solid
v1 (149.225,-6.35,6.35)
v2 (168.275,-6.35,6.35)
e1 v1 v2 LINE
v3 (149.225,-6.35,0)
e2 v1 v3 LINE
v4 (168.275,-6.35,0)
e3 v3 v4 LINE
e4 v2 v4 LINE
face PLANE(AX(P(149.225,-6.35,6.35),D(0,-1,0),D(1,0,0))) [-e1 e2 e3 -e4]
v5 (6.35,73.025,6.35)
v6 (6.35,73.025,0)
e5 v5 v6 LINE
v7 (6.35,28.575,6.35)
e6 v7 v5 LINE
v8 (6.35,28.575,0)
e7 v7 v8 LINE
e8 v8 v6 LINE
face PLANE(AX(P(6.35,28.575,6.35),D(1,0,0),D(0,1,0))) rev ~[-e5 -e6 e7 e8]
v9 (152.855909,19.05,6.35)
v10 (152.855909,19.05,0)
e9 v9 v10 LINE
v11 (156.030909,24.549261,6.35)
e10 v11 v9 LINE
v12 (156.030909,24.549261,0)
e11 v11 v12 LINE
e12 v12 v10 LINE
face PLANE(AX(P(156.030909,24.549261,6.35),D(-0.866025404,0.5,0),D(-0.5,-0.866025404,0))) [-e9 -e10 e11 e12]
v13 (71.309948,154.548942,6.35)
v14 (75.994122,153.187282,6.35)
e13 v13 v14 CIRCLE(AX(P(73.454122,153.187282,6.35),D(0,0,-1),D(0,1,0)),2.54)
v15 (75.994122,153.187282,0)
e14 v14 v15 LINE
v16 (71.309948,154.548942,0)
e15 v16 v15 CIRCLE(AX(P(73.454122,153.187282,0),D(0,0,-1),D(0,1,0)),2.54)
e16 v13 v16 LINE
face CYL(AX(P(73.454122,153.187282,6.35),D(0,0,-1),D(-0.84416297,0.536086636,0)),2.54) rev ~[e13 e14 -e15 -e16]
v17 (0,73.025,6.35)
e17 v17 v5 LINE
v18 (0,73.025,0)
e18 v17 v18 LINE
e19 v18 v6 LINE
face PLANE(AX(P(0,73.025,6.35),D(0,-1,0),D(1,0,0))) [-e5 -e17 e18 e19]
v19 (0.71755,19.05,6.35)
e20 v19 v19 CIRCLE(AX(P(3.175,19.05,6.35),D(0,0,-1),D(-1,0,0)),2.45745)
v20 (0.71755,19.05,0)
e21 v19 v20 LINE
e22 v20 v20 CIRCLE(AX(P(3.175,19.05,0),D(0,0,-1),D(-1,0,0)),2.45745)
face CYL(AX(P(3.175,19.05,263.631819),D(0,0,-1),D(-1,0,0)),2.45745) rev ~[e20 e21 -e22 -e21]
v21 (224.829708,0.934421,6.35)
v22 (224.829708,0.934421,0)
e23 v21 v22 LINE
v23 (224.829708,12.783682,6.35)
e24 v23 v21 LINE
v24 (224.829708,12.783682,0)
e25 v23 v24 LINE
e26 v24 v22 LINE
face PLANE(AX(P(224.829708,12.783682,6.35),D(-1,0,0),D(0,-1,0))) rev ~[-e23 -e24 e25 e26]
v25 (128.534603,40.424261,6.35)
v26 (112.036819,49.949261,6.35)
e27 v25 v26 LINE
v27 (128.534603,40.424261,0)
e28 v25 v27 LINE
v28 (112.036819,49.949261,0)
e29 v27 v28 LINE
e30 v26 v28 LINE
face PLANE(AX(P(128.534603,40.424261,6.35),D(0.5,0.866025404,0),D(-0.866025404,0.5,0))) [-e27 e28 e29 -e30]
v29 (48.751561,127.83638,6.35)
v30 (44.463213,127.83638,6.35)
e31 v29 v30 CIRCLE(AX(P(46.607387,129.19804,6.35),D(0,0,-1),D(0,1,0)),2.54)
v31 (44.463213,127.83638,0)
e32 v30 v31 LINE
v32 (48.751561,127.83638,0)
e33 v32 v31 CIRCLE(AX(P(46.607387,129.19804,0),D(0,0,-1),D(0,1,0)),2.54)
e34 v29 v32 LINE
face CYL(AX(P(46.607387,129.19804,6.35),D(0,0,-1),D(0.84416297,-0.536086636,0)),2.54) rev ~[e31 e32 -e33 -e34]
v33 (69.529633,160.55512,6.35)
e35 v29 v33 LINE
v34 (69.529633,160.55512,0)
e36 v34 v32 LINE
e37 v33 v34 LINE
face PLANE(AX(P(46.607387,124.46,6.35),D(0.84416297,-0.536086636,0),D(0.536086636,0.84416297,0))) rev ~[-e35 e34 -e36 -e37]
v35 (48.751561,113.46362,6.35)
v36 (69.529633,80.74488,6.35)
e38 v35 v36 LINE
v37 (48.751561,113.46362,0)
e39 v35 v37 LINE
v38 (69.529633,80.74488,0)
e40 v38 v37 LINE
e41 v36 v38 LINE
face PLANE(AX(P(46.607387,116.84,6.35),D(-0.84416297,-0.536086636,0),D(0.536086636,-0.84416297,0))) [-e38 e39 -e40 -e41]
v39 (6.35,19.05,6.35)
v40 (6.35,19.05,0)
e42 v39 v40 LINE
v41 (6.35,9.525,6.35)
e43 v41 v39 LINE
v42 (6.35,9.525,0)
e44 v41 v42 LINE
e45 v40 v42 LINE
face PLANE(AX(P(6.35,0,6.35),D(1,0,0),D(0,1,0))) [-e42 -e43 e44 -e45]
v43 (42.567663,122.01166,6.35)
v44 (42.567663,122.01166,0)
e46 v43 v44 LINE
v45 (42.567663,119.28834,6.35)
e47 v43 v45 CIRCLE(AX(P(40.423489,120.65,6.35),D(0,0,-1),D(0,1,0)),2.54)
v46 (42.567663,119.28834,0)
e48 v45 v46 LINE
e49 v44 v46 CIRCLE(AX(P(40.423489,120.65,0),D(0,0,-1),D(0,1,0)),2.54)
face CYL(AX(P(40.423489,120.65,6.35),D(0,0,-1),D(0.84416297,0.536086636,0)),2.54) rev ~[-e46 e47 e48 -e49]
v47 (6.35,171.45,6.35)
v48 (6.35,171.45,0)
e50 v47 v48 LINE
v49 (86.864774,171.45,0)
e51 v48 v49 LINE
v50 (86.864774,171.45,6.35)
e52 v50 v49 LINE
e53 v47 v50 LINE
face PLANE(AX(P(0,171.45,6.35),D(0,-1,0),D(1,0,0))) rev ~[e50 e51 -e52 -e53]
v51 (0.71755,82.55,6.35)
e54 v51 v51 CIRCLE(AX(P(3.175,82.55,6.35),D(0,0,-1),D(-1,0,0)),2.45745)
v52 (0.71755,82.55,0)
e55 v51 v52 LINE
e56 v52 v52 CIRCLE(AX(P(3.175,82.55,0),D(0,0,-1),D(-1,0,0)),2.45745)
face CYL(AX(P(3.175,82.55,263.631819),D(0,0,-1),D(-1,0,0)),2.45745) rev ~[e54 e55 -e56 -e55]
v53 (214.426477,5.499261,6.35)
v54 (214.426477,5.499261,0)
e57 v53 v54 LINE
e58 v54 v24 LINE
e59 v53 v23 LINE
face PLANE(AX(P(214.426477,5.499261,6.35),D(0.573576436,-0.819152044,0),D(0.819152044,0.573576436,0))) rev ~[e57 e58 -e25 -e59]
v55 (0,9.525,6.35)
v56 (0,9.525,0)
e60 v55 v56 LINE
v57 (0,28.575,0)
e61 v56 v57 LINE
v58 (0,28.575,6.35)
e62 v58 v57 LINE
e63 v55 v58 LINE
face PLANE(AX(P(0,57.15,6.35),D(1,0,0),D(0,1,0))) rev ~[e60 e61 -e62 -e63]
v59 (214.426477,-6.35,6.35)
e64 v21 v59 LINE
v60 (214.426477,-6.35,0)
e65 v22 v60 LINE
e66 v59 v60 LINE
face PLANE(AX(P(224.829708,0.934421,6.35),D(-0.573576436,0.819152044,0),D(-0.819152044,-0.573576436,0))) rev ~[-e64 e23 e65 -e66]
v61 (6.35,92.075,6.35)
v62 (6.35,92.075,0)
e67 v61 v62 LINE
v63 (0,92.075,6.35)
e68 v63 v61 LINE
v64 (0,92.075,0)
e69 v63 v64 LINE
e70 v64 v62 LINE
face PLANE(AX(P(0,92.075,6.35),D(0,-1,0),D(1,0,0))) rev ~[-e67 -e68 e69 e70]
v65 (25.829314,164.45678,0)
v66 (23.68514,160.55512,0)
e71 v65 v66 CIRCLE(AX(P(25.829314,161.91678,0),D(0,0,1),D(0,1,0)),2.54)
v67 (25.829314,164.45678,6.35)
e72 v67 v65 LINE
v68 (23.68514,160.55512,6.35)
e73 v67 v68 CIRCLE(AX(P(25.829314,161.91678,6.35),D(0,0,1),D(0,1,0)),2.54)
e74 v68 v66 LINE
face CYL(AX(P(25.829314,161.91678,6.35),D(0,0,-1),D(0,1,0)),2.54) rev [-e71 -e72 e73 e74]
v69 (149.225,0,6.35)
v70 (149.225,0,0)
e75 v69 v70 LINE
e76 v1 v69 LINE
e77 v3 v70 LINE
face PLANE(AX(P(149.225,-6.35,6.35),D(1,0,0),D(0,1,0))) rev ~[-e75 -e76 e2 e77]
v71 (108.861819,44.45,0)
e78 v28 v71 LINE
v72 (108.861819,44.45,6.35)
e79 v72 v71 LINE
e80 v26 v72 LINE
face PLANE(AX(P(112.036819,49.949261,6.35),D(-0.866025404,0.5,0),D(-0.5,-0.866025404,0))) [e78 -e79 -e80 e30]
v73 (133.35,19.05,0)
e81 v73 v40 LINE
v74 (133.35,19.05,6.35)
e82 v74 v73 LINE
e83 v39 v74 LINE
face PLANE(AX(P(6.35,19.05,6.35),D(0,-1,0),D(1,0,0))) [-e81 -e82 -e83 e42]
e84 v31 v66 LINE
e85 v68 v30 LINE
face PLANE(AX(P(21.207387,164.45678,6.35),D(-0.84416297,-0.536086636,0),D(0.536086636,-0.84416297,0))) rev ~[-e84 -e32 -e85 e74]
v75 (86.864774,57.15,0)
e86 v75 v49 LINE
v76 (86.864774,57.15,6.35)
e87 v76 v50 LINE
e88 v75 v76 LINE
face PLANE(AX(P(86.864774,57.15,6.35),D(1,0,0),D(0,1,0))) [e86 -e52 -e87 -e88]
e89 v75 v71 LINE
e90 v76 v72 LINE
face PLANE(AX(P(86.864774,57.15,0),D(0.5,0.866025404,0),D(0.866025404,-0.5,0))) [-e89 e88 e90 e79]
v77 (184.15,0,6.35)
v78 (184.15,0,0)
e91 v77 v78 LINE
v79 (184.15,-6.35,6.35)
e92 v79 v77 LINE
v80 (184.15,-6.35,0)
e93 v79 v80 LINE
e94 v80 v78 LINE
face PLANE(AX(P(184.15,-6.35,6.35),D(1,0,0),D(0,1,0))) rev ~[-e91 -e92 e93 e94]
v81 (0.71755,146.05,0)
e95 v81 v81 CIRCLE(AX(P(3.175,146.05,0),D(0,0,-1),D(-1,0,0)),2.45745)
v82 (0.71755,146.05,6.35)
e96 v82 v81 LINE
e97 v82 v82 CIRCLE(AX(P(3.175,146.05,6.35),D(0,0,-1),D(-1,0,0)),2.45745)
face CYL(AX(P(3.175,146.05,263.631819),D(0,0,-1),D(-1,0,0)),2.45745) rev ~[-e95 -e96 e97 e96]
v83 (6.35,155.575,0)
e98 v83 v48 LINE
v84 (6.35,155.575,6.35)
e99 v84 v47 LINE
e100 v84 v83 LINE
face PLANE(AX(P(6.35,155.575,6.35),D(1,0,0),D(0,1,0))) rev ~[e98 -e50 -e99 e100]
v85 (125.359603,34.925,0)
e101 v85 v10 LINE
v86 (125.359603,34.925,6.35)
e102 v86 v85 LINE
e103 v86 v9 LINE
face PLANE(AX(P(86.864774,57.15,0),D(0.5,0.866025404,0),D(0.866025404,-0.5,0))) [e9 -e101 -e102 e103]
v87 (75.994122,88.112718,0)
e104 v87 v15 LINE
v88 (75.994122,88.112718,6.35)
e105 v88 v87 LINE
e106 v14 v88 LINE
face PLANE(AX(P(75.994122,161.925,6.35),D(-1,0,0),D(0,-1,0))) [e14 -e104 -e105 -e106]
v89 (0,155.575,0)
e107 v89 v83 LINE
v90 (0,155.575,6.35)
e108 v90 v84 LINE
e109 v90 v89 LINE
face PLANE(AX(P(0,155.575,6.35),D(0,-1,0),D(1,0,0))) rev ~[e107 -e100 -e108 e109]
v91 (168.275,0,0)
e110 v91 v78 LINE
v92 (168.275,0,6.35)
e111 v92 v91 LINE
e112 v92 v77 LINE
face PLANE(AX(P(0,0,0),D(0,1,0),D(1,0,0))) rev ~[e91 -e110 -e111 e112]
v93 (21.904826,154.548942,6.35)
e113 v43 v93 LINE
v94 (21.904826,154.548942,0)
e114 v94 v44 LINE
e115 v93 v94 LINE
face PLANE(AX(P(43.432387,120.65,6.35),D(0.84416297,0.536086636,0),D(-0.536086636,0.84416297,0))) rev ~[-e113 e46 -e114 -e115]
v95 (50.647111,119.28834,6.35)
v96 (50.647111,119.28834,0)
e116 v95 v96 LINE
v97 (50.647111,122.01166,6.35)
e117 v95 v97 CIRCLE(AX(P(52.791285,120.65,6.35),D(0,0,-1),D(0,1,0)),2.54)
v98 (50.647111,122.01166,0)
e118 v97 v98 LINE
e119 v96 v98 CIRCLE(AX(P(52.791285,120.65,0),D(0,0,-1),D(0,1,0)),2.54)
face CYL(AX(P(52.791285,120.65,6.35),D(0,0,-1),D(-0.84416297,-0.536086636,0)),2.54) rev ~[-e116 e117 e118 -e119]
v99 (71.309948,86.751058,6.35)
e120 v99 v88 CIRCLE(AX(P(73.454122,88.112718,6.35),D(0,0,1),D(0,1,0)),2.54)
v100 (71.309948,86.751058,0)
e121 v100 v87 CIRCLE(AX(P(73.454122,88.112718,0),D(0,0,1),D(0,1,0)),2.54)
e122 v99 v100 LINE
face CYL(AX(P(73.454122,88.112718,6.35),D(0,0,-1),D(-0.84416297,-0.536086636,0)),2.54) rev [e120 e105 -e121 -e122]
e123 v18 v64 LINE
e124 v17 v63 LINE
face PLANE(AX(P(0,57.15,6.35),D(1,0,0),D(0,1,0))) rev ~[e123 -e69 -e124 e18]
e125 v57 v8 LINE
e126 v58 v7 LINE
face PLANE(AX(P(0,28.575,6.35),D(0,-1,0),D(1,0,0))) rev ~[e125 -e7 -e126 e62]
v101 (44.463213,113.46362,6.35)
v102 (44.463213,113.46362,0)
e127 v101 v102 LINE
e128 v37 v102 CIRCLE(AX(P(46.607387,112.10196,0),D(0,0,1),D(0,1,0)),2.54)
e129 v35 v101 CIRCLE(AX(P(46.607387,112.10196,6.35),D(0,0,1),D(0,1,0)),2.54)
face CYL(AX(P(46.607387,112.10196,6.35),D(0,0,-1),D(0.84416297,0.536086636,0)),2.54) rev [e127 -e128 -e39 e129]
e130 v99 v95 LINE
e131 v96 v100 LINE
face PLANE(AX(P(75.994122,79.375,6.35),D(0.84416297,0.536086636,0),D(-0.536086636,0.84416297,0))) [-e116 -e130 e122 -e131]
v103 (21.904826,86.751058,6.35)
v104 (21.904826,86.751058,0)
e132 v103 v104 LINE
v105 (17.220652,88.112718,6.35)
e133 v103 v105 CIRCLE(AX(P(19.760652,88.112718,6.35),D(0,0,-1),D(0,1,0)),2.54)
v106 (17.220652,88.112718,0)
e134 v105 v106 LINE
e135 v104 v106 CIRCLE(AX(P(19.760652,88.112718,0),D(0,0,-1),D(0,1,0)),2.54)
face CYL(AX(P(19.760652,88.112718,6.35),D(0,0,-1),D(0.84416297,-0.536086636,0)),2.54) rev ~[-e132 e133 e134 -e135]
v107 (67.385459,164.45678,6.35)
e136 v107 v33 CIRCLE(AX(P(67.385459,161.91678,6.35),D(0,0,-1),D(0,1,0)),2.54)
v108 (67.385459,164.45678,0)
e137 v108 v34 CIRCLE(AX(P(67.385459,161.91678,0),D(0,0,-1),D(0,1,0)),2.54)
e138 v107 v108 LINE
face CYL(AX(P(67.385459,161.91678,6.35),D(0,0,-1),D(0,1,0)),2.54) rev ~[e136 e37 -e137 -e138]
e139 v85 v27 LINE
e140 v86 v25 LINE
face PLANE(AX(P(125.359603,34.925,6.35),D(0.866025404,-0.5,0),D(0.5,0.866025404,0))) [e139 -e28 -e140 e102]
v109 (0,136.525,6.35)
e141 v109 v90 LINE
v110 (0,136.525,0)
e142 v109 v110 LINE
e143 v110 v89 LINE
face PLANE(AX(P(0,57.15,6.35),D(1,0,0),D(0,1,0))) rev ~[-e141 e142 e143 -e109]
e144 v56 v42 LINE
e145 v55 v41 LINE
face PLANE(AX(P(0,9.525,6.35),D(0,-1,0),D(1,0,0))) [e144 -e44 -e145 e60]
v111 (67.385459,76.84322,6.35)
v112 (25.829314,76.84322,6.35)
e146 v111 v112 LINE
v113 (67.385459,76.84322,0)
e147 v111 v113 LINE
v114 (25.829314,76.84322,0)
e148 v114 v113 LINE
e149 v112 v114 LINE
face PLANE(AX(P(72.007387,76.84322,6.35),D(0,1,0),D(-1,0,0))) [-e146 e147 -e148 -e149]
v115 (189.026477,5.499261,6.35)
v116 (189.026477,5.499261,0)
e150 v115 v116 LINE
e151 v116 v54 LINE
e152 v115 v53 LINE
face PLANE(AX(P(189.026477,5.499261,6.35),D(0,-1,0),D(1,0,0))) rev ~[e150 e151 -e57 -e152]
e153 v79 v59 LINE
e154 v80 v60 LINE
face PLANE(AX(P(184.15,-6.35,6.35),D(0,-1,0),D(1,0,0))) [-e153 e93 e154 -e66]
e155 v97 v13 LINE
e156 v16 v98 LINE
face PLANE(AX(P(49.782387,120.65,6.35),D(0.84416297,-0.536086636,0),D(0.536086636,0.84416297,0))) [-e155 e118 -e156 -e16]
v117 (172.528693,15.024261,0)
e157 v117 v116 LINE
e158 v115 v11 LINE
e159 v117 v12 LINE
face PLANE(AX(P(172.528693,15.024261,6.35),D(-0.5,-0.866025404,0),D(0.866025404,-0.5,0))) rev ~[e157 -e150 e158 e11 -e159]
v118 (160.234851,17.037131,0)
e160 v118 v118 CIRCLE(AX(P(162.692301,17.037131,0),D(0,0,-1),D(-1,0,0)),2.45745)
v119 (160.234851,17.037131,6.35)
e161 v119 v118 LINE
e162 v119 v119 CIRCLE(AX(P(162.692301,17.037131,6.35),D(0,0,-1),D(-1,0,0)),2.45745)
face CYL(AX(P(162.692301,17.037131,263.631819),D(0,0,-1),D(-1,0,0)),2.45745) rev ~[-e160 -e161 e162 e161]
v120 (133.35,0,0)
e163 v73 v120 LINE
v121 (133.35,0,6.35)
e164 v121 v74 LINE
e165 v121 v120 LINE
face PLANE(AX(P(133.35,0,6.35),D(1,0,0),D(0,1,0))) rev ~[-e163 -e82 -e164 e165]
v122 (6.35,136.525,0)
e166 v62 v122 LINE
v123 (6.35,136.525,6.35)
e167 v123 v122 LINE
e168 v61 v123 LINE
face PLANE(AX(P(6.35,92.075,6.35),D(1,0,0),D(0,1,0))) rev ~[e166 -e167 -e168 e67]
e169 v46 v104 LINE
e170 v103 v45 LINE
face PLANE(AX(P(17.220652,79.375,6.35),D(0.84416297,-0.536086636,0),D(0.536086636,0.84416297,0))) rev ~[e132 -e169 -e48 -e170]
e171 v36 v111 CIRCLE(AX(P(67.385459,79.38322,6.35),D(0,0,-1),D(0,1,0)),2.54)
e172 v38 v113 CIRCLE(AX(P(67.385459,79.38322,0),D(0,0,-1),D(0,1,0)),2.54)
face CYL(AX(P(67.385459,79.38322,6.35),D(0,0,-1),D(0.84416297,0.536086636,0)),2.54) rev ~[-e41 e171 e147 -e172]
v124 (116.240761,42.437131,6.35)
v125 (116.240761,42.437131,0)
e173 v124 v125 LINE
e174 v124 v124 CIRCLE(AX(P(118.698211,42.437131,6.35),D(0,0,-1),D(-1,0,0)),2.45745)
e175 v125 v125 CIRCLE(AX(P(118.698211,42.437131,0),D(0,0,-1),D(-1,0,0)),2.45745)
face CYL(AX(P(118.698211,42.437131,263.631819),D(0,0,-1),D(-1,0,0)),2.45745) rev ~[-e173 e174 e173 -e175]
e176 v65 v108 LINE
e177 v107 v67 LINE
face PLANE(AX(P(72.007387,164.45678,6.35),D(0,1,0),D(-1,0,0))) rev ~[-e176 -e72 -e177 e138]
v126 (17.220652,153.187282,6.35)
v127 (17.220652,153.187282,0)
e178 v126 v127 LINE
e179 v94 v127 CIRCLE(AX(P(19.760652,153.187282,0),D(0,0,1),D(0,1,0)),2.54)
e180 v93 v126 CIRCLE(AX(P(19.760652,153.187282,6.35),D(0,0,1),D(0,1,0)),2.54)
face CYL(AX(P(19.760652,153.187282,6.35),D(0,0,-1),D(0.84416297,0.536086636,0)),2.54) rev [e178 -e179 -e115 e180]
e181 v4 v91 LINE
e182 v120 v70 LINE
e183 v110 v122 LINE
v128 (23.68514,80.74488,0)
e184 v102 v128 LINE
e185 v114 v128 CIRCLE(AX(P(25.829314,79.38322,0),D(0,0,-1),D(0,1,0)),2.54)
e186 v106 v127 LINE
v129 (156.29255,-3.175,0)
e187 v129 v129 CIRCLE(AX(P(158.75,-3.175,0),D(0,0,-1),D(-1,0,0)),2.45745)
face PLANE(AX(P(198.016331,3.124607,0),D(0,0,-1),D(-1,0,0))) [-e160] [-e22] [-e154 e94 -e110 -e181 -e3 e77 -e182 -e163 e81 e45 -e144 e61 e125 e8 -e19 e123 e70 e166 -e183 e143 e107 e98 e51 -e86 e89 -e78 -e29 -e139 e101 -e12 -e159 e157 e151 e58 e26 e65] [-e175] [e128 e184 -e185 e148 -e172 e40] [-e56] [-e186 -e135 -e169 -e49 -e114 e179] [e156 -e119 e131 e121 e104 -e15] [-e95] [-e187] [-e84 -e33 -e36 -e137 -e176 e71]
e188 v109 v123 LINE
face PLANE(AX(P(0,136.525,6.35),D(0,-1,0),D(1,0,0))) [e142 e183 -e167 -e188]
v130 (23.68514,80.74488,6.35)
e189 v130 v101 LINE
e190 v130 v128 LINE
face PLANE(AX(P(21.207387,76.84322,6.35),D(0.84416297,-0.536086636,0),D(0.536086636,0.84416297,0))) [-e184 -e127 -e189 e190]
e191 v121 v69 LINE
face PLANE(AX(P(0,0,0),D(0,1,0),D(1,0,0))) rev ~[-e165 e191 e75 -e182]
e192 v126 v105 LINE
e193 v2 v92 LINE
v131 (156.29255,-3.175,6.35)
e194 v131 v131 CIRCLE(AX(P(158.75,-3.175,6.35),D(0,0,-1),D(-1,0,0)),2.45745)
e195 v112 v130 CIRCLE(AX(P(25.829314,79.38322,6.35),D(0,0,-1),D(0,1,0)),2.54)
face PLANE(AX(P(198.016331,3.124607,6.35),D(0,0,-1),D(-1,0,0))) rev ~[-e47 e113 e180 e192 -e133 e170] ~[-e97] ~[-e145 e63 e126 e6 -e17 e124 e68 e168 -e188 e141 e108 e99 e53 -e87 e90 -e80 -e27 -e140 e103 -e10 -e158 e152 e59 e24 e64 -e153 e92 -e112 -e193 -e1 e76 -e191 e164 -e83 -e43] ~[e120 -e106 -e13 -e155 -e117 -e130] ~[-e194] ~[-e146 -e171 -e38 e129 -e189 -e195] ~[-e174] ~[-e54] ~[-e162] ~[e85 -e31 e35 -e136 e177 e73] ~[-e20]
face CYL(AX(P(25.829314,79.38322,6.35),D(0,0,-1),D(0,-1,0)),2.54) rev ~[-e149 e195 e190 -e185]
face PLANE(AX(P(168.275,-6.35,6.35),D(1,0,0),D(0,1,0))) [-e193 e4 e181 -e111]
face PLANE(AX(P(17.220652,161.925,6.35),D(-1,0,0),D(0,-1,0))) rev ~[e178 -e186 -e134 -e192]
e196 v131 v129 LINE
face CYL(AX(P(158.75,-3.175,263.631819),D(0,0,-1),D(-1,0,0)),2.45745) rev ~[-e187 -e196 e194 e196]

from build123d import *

# Parameters (mm, degrees)
BOSS_EXTRUDE1_DEPTH          = 6.35
SKETCH2_W                    = 127
SKETCH2_H                    = 19.05
CUT_EXTRUDE1_DEPTH           = 195.543611155
SKETCH3_W                    = 86.864773719
SKETCH3_H                    = 114.3
BOSS_EXTRUDE2_DEPTH          = 6.35
SKETCH4_W                    = 6.35
SKETCH4_H                    = 9.525
SKETCH4_H_2                  = 44.45
SKETCH4_H_3                  = 15.875
CUT_EXTRUDE2_DEPTH           = 253.93516292
SKETCH5_W                    = 19.05
SKETCH5_H                    = 6.35
BOSS_EXTRUDE3_DEPTH          = 6.35
BOSS_EXTRUDE4_DEPTH          = 6.35
LPATTERN1_COUNT              = 2
LPATTERN1_PITCH              = 50.8
F_10_0_1935_DIAMETER_HOLE1_D = 4.9149
F_10_0_1935_DIAMETER_HOLE2_D = 4.9149
BOSS_EXTRUDE8_DEPTH          = 6.35
CUT_EXTRUDE4_DEPTH           = 283.81411342
FILLET1_R                    = 2.54


with BuildPart() as part:
    # Sketch1 → Boss-Extrude1 (new body)
    with BuildSketch(Plane.XY):
        Polygon((86.864773719, 57.15), (185.851477372, 0), (86.864773719, 0), (0, 0), (0, 57.15), align=None)
    extrude(amount=BOSS_EXTRUDE1_DEPTH)

    # Sketch2 → Cut-Extrude1 (cut, through all)
    with BuildSketch(Plane.XY.offset(6.35)):
        with Locations((69.85, 9.525)):
            Rectangle(SKETCH2_W, SKETCH2_H)
    extrude(amount=-CUT_EXTRUDE1_DEPTH, mode=Mode.SUBTRACT)

    # Sketch3 → Boss-Extrude2 (add)
    with BuildSketch(Plane.XY.offset(6.35)):
        with Locations((43.432386859, 114.3)):
            Rectangle(SKETCH3_W, SKETCH3_H)
    extrude(amount=-BOSS_EXTRUDE2_DEPTH)

    # Sketch4 → Cut-Extrude2 (cut, through all)
    with BuildSketch(Plane.XY.offset(6.35)):
        with Locations((3.175, 4.7625)):
            Rectangle(SKETCH4_W, SKETCH4_H)
        with Locations((3.175, 50.8)):
            Rectangle(SKETCH4_W, SKETCH4_H_2)
        with Locations((3.175, 114.3)):
            Rectangle(SKETCH4_W, SKETCH4_H_2)
        with Locations((3.175, 163.5125)):
            Rectangle(SKETCH4_W, SKETCH4_H_3)
    extrude(amount=-CUT_EXTRUDE2_DEPTH, mode=Mode.SUBTRACT)

    # Sketch5 → Boss-Extrude3 (add)
    with BuildSketch(Plane.XY.offset(6.35)):
        with Locations((158.75, -3.175)):
            Rectangle(SKETCH5_W, SKETCH5_H)
    extrude(amount=-BOSS_EXTRUDE3_DEPTH)

    # Sketch6 → Boss-Extrude4 (add)
    with BuildSketch(Plane.XY.offset(6.35)):
        Polygon((108.861818976, 44.45), (125.359602918, 34.925), (128.534602918, 40.424261314), (112.036818976, 49.949261314), align=None)
    boss_extrude4 = extrude(amount=-BOSS_EXTRUDE4_DEPTH)

    # LPattern1: Boss-Extrude4 ×2
    with Locations(*[Vector(0.8660254037844415, -0.49999999999999517, 0) * (i * LPATTERN1_PITCH) for i in range(1, LPATTERN1_COUNT)]):
        add(boss_extrude4)

    # #10 (0.1935) Diameter Hole1 (through all)
    with Locations(Plane.XY.offset(6.35)):
        with Locations((3.175, 146.05), (3.175, 82.55), (3.175, 19.05)):
            Hole(F_10_0_1935_DIAMETER_HOLE1_D / 2)

    # #10 (0.1935) Diameter Hole2 (through all)
    with Locations(Plane.XY.offset(6.35)):
        with Locations((118.698210947, 42.437130657), (162.692301459, 17.037130657), (158.75, -3.175)):
            Hole(F_10_0_1935_DIAMETER_HOLE2_D / 2)

    # Sketch20 → Boss-Extrude8 (add)
    with BuildSketch(Plane.XY.offset(6.35)):
        Polygon((172.52869343, 15.024261314), (189.026477372, 5.499261314), (214.426477372, 5.499261314), (224.829708334, 12.783682056), (224.829708334, 0.934420742), (214.426477372, -6.35), (185.851477372, -6.35), (184.15, -6.35), (184.15, 0), (185.851477372, 0), (169.35369343, 9.525), align=None)
    extrude(amount=-BOSS_EXTRUDE8_DEPTH)

    # Sketch22 → Cut-Extrude4 (cut, through all)
    with BuildSketch(Plane.XY.offset(6.35)):
        Polygon((17.220652064, 161.925), (17.220652064, 79.375), (43.43238686, 120.65), align=None)
        Polygon((75.994121656, 79.375), (49.78238686, 120.65), (75.994121656, 161.925), align=None)
        Polygon((21.20738686, 164.45678038), (46.60738686, 124.46), (72.00738686, 164.45678038), align=None)
        Polygon((46.60738686, 116.84), (72.00738686, 76.84321962), (21.20738686, 76.84321962), align=None)
    extrude(amount=-CUT_EXTRUDE4_DEPTH, mode=Mode.SUBTRACT)

    # Fillet1
    fillet1_edges = [part.edges().sort_by_distance(p)[0] for p in [
        (17.220652064, 161.925, 3.175),
        (43.43238686, 120.65, 3.175),
        (17.220652064, 79.375, 3.175),
        (75.994121656, 161.925, 3.175),
        (75.994121656, 79.375, 3.175),
        (49.78238686, 120.65, 3.175),
        (21.20738686, 164.45678038, 3.175),
        (72.00738686, 164.45678038, 3.175),
        (46.60738686, 124.46, 3.175),
        (21.20738686, 76.84321962, 3.175),
        (46.60738686, 116.84, 3.175),
        (72.00738686, 76.84321962, 3.175),
    ]]
    fillet(fillet1_edges, radius=FILLET1_R)


solid = part.part
